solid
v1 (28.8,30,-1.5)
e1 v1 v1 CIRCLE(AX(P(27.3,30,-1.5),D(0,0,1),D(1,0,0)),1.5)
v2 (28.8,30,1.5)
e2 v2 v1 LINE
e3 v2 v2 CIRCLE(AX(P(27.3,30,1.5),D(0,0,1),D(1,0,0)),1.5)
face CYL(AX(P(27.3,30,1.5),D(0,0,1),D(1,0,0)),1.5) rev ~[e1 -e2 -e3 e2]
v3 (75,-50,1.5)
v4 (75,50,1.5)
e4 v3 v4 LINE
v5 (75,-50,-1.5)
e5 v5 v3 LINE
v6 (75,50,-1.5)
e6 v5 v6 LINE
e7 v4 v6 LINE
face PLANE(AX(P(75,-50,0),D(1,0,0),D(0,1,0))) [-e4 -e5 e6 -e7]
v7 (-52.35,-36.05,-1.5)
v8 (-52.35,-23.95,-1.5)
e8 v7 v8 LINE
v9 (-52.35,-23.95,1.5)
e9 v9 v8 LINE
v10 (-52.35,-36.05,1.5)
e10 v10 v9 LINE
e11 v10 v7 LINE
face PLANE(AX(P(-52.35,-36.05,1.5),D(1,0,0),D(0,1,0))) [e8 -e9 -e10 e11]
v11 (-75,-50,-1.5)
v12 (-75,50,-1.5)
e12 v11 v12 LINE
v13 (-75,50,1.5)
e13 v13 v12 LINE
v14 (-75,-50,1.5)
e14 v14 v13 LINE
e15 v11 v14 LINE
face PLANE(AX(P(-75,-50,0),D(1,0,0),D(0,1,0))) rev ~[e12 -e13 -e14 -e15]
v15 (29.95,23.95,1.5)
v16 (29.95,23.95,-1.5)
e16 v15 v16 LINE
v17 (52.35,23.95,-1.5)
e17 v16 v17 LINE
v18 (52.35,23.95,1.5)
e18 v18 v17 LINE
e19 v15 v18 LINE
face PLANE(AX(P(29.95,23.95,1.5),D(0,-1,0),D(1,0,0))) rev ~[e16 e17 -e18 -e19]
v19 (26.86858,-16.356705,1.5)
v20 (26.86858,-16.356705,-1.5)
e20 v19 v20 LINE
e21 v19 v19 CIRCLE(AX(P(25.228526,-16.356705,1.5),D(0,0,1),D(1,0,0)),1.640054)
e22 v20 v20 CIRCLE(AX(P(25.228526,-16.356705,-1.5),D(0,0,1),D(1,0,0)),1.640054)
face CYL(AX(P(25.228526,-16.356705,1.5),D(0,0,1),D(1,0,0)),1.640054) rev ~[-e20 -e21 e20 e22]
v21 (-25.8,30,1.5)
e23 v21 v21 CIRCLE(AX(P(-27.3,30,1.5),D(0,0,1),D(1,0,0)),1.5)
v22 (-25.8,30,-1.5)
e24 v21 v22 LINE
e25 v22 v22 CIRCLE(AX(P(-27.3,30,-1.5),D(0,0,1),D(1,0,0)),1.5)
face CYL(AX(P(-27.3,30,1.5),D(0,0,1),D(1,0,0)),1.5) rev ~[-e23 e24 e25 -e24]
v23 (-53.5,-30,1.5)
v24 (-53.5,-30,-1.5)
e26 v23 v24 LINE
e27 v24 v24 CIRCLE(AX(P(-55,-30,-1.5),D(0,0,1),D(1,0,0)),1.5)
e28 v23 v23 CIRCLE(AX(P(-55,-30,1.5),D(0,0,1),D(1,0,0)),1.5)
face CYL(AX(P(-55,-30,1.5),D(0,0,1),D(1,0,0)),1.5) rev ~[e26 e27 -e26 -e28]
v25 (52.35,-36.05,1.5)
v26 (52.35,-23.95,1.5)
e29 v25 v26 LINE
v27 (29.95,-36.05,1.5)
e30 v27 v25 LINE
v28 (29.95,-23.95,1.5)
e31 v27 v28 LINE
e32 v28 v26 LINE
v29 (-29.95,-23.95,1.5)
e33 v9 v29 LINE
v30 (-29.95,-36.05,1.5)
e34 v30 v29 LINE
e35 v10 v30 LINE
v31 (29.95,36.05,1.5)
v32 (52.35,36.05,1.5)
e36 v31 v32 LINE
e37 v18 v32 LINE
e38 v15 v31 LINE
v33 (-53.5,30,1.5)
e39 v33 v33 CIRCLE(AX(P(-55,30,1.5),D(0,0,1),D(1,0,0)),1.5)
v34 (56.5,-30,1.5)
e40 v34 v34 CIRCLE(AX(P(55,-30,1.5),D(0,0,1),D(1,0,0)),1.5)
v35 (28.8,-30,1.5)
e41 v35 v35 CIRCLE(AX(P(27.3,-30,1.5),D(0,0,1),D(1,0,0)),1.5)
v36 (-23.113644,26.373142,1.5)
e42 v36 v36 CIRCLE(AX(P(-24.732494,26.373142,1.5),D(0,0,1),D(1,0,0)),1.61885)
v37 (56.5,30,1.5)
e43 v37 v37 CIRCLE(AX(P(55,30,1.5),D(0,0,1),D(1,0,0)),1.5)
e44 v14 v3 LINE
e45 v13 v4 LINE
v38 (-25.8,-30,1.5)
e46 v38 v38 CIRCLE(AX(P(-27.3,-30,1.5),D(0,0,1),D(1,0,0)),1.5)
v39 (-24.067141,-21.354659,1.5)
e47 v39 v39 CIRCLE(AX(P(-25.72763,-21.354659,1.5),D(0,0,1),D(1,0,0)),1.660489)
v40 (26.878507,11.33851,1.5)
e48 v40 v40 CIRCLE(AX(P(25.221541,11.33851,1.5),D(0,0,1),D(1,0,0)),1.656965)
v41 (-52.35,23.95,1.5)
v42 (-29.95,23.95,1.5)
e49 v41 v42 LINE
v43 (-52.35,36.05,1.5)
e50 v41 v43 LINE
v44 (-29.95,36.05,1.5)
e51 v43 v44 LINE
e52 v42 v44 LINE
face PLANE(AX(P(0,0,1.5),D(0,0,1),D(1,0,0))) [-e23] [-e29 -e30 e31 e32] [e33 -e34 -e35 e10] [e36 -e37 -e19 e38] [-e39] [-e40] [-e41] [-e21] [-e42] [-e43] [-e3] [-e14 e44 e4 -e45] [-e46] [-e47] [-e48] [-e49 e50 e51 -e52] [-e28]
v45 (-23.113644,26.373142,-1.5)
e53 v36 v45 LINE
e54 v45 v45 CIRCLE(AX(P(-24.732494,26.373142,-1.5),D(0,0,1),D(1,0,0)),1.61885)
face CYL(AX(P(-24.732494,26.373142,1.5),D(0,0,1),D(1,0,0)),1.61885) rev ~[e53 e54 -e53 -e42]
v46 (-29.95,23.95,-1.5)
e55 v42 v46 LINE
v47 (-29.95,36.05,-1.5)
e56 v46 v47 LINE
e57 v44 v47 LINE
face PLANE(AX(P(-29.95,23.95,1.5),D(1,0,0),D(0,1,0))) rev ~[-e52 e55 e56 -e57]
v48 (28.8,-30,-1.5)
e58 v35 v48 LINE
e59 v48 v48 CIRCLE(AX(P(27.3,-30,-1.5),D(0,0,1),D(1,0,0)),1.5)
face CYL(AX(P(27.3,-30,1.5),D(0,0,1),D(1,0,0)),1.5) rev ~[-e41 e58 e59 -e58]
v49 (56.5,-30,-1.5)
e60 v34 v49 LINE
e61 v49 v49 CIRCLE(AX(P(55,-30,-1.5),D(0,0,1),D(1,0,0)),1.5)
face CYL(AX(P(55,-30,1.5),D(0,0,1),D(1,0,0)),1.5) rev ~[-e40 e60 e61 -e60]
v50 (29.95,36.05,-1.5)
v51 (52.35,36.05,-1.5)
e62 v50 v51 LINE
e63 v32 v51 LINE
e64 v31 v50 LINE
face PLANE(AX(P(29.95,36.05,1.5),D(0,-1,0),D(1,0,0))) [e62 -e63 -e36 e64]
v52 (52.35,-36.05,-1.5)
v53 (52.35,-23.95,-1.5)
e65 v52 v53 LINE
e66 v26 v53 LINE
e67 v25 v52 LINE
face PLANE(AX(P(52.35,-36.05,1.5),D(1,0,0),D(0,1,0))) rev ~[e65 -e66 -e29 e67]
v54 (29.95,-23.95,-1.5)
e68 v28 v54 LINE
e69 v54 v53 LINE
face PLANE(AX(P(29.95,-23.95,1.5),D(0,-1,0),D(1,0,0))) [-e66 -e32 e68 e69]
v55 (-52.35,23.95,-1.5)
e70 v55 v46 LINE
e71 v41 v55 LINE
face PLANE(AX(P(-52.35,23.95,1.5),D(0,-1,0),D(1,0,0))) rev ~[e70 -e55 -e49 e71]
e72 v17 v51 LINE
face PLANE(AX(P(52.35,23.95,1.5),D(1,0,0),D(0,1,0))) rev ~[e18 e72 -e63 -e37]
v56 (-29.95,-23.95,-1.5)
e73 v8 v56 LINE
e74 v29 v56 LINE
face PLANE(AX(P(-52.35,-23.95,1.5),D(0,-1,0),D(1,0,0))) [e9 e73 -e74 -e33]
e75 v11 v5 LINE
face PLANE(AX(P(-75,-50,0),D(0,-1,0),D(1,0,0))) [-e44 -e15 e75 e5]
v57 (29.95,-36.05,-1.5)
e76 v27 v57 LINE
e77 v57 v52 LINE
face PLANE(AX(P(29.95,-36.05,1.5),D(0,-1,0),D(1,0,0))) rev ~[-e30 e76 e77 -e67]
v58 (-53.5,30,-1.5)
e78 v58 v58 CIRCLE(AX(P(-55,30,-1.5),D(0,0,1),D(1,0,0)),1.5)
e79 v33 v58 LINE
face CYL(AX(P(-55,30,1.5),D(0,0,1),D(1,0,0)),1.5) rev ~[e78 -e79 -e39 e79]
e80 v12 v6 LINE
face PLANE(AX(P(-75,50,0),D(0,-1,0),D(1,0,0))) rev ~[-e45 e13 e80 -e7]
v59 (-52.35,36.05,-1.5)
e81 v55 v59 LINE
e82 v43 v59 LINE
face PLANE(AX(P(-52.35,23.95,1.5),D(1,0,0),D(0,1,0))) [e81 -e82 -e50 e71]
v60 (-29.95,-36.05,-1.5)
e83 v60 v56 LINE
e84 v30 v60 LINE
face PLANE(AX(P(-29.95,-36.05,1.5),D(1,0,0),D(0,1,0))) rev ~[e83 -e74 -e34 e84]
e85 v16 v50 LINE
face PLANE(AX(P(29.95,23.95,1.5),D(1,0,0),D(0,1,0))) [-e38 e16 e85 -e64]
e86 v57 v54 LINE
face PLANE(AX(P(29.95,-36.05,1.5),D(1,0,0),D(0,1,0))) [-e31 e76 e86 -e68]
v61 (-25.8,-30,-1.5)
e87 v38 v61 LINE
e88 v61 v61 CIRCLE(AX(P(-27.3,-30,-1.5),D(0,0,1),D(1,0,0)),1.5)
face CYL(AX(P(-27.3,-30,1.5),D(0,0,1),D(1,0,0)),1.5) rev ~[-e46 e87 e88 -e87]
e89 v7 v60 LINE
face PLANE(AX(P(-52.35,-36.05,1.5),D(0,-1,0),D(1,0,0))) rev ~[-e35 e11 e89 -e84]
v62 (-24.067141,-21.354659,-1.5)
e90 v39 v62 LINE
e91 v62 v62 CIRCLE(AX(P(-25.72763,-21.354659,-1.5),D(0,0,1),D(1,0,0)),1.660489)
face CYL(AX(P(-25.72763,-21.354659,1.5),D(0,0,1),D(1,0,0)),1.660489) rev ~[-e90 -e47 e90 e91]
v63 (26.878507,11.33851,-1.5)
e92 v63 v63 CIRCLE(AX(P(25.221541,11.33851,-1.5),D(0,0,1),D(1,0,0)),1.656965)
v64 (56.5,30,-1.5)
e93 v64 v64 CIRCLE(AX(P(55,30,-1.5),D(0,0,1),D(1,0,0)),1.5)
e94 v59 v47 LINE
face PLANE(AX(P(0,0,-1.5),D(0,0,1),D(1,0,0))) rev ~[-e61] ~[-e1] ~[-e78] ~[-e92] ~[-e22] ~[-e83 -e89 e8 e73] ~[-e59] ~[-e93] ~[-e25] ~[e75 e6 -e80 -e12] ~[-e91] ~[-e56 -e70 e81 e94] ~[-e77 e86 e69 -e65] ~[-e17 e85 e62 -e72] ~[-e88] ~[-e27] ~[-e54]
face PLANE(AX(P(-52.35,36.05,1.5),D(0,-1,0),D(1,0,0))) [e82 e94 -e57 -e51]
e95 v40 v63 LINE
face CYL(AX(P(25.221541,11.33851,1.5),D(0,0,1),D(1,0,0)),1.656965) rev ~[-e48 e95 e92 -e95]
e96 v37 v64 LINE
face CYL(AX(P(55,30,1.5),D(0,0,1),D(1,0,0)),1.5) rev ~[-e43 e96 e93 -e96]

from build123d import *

# Parameters (mm, degrees)
F0_W     = 150
F0_H     = 100
F1_DEPTH = 1.5
F2_R     = 1.5
F2_W     = 22.4
F2_H     = 12.1
F3_DEPTH = 3.001
F4_R     = 1.618849898
F4_R_2   = 1.6569654359
F4_R_3   = 1.6400542831
F4_R_4   = 1.6604885459
F5_DEPTH = 3.001


with BuildPart() as f1:
    # F0 (on Top) → F1 (new body, symmetric)
    with BuildSketch(Plane.XY):
        Rectangle(F0_W, F0_H)
    extrude(amount=F1_DEPTH, both=True)

    # F2 (on face) → F3 (cut, through all)
    with BuildSketch(Plane.XY.offset(1.5)):
        with Locations((-55, -30)):
            Circle(F2_R)
        with Locations((-27.3, -30)):
            Circle(F2_R)
        with Locations((-41.15, -30)):
            Rectangle(F2_W, F2_H)
        with Locations((27.3, -30)):
            Circle(F2_R)
        with Locations((55, -30)):
            Circle(F2_R)
        with Locations((41.15, -30)):
            Rectangle(F2_W, F2_H)
        with Locations((27.3, 30)):
            Circle(F2_R)
        with Locations((55, 30)):
            Circle(F2_R)
        with Locations((41.15, 30)):
            Rectangle(F2_W, F2_H)
        with Locations((-55, 30)):
            Circle(F2_R)
        with Locations((-27.3, 30)):
            Circle(F2_R)
        with Locations((-41.15, 30)):
            Rectangle(F2_W, F2_H)
    extrude(amount=-F3_DEPTH, mode=Mode.SUBTRACT)

    # F4 (on face) → F5 (cut, through all)
    with BuildSketch(Plane.XY.offset(1.5)):
        with Locations((-24.7324935626, 26.3731424032)):
            Circle(F4_R)
        with Locations((25.2215412911, 11.3385100679)):
            Circle(F4_R_2)
        with Locations((25.2285262104, -16.3567047299)):
            Circle(F4_R_3)
        with Locations((-25.7276298944, -21.3546585025)):
            Circle(F4_R_4)
    extrude(amount=-F5_DEPTH, mode=Mode.SUBTRACT)


solid = f1.part
